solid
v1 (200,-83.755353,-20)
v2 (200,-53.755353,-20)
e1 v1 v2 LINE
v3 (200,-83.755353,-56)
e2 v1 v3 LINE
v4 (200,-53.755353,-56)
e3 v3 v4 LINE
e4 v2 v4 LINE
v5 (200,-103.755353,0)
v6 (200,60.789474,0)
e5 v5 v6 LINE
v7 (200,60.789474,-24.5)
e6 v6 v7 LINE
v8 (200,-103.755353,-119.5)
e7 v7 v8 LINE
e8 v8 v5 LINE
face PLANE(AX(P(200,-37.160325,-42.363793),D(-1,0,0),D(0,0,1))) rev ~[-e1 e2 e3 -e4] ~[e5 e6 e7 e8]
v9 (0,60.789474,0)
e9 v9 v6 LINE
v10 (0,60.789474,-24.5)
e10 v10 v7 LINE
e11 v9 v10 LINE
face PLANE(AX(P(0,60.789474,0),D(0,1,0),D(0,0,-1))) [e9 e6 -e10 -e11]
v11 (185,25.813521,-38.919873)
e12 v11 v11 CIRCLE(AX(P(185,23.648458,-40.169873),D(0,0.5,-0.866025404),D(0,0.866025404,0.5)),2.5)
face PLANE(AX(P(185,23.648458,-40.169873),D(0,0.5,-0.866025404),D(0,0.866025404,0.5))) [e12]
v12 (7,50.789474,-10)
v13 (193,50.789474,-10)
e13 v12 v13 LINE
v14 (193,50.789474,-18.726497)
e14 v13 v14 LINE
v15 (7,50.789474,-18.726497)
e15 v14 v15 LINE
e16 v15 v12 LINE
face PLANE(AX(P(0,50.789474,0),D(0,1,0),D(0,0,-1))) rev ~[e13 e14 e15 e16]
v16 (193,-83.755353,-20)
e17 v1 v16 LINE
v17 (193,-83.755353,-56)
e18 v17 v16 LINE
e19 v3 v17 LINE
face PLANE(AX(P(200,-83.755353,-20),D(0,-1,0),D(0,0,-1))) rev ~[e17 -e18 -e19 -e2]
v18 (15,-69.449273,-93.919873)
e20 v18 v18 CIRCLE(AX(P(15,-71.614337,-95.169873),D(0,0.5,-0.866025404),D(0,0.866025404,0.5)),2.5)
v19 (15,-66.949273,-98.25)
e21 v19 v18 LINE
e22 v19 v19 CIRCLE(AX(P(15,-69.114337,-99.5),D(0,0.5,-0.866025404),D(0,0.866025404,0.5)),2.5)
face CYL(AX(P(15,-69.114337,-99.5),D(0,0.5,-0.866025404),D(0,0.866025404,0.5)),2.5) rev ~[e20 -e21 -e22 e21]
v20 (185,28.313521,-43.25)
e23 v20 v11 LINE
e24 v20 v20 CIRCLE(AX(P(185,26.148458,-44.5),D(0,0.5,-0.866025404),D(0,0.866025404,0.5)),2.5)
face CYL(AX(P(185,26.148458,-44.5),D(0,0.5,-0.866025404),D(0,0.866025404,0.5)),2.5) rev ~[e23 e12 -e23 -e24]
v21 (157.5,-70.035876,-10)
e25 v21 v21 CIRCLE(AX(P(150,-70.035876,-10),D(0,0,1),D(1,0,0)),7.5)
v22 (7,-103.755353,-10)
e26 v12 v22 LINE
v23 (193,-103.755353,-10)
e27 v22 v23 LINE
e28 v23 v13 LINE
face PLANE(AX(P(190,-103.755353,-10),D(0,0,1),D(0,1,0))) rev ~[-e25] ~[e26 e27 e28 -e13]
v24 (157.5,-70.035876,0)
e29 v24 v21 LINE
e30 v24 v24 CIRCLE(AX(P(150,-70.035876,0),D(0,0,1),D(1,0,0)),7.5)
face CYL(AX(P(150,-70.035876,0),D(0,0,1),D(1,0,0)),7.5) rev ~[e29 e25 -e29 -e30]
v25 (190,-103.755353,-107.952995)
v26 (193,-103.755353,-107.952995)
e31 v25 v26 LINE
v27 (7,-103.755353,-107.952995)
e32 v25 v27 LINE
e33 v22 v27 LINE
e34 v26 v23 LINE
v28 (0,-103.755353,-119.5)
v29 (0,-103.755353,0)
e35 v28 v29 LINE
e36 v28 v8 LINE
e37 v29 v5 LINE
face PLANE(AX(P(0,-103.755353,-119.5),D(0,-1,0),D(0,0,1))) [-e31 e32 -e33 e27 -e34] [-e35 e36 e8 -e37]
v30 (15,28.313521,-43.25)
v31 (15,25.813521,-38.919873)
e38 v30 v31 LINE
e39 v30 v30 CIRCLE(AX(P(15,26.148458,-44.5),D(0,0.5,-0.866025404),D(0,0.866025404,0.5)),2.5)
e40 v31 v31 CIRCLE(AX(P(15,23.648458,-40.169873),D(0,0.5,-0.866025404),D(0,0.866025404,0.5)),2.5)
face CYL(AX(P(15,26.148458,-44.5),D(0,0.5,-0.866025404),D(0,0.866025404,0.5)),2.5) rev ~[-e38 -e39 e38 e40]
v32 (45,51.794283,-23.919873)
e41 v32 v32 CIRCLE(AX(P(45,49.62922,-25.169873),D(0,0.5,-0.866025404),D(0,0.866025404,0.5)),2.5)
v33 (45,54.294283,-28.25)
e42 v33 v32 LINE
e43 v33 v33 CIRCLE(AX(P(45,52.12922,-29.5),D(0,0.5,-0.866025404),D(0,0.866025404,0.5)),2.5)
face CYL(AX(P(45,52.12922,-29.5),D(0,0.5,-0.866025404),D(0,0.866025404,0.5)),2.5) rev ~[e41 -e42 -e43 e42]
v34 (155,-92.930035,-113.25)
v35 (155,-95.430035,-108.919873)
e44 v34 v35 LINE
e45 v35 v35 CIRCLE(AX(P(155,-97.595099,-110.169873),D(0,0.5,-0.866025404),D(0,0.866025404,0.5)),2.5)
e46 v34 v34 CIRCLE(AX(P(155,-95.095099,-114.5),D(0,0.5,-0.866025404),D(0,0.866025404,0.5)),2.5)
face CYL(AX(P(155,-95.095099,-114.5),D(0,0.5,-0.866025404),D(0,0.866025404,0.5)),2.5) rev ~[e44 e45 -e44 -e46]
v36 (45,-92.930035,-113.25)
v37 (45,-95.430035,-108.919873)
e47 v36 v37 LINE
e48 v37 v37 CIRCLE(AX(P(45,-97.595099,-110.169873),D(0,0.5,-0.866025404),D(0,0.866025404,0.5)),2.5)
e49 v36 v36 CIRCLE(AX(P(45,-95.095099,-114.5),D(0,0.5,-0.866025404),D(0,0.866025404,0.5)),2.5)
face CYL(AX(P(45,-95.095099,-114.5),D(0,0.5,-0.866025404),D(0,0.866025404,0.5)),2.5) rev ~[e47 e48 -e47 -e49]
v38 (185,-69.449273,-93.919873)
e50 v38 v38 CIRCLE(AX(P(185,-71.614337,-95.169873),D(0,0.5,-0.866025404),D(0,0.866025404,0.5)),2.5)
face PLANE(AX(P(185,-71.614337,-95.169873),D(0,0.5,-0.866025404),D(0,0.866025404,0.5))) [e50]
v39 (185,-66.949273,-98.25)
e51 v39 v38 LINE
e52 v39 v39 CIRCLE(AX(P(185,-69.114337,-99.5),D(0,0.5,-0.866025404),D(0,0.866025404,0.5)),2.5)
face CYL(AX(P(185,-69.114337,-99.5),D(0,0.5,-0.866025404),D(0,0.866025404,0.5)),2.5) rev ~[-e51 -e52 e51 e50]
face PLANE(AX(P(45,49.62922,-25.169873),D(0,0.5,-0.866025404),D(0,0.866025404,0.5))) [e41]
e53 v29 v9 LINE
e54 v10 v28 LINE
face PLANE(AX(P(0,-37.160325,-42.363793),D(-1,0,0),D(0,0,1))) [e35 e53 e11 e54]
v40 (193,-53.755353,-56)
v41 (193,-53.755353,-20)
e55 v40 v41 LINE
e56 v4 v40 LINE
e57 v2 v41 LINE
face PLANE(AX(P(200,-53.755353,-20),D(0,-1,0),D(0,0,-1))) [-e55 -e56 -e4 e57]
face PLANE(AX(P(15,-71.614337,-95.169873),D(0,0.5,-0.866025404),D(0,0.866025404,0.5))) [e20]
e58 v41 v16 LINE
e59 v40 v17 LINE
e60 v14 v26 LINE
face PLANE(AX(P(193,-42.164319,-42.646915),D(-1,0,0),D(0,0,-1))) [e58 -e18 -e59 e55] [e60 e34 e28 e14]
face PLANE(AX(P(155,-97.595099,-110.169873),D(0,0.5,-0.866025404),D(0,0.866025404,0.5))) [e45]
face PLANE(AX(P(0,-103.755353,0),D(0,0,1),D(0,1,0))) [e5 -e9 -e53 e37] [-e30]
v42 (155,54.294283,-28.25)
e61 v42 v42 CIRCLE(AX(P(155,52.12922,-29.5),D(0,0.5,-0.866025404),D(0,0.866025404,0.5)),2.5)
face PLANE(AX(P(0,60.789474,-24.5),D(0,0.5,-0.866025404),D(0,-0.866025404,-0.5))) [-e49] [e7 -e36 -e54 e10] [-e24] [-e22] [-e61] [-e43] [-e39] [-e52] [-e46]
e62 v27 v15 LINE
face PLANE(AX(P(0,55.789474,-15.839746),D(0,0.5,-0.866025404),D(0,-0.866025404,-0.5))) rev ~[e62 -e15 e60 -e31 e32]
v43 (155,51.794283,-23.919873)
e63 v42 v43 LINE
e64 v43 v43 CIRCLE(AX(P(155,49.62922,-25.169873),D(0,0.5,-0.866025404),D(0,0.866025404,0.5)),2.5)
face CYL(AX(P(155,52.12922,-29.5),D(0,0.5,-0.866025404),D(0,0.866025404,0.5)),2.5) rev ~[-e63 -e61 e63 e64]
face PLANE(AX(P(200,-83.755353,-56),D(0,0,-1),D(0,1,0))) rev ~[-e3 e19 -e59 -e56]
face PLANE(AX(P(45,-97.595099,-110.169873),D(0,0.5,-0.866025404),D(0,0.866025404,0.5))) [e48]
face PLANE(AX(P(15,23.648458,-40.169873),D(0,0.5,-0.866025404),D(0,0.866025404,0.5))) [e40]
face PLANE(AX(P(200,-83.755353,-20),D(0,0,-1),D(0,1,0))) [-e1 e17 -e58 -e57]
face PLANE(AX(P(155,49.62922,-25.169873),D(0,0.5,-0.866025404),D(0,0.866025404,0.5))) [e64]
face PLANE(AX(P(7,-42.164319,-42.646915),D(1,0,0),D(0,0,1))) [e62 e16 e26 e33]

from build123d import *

# Parameters (mm, degrees)
BOSS_EXTRUDE1_DEPTH      = 200
SHELL1_T                 = -10
SHELL1_THICKNESS_2_DEPTH = 3
SHELL1_THICKNESS_3_DEPTH = 3
SKETCH4_R                = 2.5
CUT_EXTRUDE2_DEPTH       = 5
SKETCH5_W                = 36
SKETCH5_H                = 30
CUT_EXTRUDE3_DEPTH       = 20
SKETCH6_R                = 7.5
CUT_EXTRUDE4_DEPTH       = 20


with BuildPart() as part:
    # Sketch2 → Boss-Extrude1 (new body)
    with BuildSketch(Plane(origin=(0, 0, 0), x_dir=(0, 0, -1), z_dir=(1, 0, 0))):
        Polygon((0, 60.789473684), (24.5, 60.789473684), (119.5, -103.755353035), (0, -103.755353035), align=None)
    extrude(amount=BOSS_EXTRUDE1_DEPTH)

    # Shell1
    shell1_openings = [part.faces().sort_by_distance(p)[0] for p in [
        (100, -103.755353035, -59.75),
    ]]
    offset(amount=SHELL1_T, openings=shell1_openings, kind=Kind.INTERSECTION)

    # Shell1 thickness 2 face (on inner face of the shell) → Shell1 thickness 2 (cut)
    with BuildSketch(Plane(origin=(190, -48.02643305, -42.888943831), x_dir=(0, 0, 1), z_dir=(1, 0, 0))):
        Polygon((32.888943831, -98.815906734), (24.162446523, -98.815906734), (-65.064050785, 55.728919985), (32.888943831, 55.728919985), align=None)
    extrude(amount=SHELL1_THICKNESS_2_DEPTH, mode=Mode.SUBTRACT)

    # Shell1 thickness 3 face (on inner face of the shell) → Shell1 thickness 3 (cut)
    with BuildSketch(Plane(origin=(10, -48.02643305, -42.888943831), x_dir=(0, 0, -1), z_dir=(-1, 0, 0))):
        Polygon((-24.162446523, -98.815906734), (-32.888943831, -98.815906734), (-32.888943831, 55.728919985), (65.064050785, 55.728919985), align=None)
    extrude(amount=SHELL1_THICKNESS_3_DEPTH, mode=Mode.SUBTRACT)

    # Sketch4 → Cut-Extrude2 (cut)
    with BuildSketch(Plane(origin=(0, 25.806179617, -44.697614247), x_dir=(-1, 0, 0), z_dir=(0, 0.499999999999998, -0.8660254037844397))):
        with Locations(Location((-185, 0.395228493, 0), (0, 0, 90))):
            Circle(SKETCH4_R)
        with Locations(Location((-185, -109.604771507, 0), (0, 0, 90))):
            Circle(SKETCH4_R)
        with Locations(Location((-155, -139.604771507, 0), (0, 0, 90))):
            Circle(SKETCH4_R)
        with Locations(Location((-45, -139.604771507, 0), (0, 0, 90))):
            Circle(SKETCH4_R)
        with Locations(Location((-15, -109.604771507, 0), (0, 0, 90))):
            Circle(SKETCH4_R)
        with Locations(Location((-15, 0.395228493, 0), (0, 0, 90))):
            Circle(SKETCH4_R)
        with Locations(Location((-45, 30.395228493, 0), (0, 0, 90))):
            Circle(SKETCH4_R)
        with Locations(Location((-155, 30.395228493, 0), (0, 0, 90))):
            Circle(SKETCH4_R)
    extrude(amount=-CUT_EXTRUDE2_DEPTH, mode=Mode.SUBTRACT)

    # Sketch5 → Cut-Extrude3 (cut)
    with BuildSketch(Plane(origin=(200, 0, 0), x_dir=(0, 0, -1), z_dir=(1, 0, 0))):
        with Locations((38, -68.755353035)):
            Rectangle(SKETCH5_W, SKETCH5_H)
    extrude(amount=-CUT_EXTRUDE3_DEPTH, mode=Mode.SUBTRACT)

    # Sketch6 → Cut-Extrude4 (cut)
    with BuildSketch(Plane.XY):
        with Locations((150, -70.035876083)):
            Circle(SKETCH6_R)
    extrude(amount=-CUT_EXTRUDE4_DEPTH, mode=Mode.SUBTRACT)


solid = part.part
